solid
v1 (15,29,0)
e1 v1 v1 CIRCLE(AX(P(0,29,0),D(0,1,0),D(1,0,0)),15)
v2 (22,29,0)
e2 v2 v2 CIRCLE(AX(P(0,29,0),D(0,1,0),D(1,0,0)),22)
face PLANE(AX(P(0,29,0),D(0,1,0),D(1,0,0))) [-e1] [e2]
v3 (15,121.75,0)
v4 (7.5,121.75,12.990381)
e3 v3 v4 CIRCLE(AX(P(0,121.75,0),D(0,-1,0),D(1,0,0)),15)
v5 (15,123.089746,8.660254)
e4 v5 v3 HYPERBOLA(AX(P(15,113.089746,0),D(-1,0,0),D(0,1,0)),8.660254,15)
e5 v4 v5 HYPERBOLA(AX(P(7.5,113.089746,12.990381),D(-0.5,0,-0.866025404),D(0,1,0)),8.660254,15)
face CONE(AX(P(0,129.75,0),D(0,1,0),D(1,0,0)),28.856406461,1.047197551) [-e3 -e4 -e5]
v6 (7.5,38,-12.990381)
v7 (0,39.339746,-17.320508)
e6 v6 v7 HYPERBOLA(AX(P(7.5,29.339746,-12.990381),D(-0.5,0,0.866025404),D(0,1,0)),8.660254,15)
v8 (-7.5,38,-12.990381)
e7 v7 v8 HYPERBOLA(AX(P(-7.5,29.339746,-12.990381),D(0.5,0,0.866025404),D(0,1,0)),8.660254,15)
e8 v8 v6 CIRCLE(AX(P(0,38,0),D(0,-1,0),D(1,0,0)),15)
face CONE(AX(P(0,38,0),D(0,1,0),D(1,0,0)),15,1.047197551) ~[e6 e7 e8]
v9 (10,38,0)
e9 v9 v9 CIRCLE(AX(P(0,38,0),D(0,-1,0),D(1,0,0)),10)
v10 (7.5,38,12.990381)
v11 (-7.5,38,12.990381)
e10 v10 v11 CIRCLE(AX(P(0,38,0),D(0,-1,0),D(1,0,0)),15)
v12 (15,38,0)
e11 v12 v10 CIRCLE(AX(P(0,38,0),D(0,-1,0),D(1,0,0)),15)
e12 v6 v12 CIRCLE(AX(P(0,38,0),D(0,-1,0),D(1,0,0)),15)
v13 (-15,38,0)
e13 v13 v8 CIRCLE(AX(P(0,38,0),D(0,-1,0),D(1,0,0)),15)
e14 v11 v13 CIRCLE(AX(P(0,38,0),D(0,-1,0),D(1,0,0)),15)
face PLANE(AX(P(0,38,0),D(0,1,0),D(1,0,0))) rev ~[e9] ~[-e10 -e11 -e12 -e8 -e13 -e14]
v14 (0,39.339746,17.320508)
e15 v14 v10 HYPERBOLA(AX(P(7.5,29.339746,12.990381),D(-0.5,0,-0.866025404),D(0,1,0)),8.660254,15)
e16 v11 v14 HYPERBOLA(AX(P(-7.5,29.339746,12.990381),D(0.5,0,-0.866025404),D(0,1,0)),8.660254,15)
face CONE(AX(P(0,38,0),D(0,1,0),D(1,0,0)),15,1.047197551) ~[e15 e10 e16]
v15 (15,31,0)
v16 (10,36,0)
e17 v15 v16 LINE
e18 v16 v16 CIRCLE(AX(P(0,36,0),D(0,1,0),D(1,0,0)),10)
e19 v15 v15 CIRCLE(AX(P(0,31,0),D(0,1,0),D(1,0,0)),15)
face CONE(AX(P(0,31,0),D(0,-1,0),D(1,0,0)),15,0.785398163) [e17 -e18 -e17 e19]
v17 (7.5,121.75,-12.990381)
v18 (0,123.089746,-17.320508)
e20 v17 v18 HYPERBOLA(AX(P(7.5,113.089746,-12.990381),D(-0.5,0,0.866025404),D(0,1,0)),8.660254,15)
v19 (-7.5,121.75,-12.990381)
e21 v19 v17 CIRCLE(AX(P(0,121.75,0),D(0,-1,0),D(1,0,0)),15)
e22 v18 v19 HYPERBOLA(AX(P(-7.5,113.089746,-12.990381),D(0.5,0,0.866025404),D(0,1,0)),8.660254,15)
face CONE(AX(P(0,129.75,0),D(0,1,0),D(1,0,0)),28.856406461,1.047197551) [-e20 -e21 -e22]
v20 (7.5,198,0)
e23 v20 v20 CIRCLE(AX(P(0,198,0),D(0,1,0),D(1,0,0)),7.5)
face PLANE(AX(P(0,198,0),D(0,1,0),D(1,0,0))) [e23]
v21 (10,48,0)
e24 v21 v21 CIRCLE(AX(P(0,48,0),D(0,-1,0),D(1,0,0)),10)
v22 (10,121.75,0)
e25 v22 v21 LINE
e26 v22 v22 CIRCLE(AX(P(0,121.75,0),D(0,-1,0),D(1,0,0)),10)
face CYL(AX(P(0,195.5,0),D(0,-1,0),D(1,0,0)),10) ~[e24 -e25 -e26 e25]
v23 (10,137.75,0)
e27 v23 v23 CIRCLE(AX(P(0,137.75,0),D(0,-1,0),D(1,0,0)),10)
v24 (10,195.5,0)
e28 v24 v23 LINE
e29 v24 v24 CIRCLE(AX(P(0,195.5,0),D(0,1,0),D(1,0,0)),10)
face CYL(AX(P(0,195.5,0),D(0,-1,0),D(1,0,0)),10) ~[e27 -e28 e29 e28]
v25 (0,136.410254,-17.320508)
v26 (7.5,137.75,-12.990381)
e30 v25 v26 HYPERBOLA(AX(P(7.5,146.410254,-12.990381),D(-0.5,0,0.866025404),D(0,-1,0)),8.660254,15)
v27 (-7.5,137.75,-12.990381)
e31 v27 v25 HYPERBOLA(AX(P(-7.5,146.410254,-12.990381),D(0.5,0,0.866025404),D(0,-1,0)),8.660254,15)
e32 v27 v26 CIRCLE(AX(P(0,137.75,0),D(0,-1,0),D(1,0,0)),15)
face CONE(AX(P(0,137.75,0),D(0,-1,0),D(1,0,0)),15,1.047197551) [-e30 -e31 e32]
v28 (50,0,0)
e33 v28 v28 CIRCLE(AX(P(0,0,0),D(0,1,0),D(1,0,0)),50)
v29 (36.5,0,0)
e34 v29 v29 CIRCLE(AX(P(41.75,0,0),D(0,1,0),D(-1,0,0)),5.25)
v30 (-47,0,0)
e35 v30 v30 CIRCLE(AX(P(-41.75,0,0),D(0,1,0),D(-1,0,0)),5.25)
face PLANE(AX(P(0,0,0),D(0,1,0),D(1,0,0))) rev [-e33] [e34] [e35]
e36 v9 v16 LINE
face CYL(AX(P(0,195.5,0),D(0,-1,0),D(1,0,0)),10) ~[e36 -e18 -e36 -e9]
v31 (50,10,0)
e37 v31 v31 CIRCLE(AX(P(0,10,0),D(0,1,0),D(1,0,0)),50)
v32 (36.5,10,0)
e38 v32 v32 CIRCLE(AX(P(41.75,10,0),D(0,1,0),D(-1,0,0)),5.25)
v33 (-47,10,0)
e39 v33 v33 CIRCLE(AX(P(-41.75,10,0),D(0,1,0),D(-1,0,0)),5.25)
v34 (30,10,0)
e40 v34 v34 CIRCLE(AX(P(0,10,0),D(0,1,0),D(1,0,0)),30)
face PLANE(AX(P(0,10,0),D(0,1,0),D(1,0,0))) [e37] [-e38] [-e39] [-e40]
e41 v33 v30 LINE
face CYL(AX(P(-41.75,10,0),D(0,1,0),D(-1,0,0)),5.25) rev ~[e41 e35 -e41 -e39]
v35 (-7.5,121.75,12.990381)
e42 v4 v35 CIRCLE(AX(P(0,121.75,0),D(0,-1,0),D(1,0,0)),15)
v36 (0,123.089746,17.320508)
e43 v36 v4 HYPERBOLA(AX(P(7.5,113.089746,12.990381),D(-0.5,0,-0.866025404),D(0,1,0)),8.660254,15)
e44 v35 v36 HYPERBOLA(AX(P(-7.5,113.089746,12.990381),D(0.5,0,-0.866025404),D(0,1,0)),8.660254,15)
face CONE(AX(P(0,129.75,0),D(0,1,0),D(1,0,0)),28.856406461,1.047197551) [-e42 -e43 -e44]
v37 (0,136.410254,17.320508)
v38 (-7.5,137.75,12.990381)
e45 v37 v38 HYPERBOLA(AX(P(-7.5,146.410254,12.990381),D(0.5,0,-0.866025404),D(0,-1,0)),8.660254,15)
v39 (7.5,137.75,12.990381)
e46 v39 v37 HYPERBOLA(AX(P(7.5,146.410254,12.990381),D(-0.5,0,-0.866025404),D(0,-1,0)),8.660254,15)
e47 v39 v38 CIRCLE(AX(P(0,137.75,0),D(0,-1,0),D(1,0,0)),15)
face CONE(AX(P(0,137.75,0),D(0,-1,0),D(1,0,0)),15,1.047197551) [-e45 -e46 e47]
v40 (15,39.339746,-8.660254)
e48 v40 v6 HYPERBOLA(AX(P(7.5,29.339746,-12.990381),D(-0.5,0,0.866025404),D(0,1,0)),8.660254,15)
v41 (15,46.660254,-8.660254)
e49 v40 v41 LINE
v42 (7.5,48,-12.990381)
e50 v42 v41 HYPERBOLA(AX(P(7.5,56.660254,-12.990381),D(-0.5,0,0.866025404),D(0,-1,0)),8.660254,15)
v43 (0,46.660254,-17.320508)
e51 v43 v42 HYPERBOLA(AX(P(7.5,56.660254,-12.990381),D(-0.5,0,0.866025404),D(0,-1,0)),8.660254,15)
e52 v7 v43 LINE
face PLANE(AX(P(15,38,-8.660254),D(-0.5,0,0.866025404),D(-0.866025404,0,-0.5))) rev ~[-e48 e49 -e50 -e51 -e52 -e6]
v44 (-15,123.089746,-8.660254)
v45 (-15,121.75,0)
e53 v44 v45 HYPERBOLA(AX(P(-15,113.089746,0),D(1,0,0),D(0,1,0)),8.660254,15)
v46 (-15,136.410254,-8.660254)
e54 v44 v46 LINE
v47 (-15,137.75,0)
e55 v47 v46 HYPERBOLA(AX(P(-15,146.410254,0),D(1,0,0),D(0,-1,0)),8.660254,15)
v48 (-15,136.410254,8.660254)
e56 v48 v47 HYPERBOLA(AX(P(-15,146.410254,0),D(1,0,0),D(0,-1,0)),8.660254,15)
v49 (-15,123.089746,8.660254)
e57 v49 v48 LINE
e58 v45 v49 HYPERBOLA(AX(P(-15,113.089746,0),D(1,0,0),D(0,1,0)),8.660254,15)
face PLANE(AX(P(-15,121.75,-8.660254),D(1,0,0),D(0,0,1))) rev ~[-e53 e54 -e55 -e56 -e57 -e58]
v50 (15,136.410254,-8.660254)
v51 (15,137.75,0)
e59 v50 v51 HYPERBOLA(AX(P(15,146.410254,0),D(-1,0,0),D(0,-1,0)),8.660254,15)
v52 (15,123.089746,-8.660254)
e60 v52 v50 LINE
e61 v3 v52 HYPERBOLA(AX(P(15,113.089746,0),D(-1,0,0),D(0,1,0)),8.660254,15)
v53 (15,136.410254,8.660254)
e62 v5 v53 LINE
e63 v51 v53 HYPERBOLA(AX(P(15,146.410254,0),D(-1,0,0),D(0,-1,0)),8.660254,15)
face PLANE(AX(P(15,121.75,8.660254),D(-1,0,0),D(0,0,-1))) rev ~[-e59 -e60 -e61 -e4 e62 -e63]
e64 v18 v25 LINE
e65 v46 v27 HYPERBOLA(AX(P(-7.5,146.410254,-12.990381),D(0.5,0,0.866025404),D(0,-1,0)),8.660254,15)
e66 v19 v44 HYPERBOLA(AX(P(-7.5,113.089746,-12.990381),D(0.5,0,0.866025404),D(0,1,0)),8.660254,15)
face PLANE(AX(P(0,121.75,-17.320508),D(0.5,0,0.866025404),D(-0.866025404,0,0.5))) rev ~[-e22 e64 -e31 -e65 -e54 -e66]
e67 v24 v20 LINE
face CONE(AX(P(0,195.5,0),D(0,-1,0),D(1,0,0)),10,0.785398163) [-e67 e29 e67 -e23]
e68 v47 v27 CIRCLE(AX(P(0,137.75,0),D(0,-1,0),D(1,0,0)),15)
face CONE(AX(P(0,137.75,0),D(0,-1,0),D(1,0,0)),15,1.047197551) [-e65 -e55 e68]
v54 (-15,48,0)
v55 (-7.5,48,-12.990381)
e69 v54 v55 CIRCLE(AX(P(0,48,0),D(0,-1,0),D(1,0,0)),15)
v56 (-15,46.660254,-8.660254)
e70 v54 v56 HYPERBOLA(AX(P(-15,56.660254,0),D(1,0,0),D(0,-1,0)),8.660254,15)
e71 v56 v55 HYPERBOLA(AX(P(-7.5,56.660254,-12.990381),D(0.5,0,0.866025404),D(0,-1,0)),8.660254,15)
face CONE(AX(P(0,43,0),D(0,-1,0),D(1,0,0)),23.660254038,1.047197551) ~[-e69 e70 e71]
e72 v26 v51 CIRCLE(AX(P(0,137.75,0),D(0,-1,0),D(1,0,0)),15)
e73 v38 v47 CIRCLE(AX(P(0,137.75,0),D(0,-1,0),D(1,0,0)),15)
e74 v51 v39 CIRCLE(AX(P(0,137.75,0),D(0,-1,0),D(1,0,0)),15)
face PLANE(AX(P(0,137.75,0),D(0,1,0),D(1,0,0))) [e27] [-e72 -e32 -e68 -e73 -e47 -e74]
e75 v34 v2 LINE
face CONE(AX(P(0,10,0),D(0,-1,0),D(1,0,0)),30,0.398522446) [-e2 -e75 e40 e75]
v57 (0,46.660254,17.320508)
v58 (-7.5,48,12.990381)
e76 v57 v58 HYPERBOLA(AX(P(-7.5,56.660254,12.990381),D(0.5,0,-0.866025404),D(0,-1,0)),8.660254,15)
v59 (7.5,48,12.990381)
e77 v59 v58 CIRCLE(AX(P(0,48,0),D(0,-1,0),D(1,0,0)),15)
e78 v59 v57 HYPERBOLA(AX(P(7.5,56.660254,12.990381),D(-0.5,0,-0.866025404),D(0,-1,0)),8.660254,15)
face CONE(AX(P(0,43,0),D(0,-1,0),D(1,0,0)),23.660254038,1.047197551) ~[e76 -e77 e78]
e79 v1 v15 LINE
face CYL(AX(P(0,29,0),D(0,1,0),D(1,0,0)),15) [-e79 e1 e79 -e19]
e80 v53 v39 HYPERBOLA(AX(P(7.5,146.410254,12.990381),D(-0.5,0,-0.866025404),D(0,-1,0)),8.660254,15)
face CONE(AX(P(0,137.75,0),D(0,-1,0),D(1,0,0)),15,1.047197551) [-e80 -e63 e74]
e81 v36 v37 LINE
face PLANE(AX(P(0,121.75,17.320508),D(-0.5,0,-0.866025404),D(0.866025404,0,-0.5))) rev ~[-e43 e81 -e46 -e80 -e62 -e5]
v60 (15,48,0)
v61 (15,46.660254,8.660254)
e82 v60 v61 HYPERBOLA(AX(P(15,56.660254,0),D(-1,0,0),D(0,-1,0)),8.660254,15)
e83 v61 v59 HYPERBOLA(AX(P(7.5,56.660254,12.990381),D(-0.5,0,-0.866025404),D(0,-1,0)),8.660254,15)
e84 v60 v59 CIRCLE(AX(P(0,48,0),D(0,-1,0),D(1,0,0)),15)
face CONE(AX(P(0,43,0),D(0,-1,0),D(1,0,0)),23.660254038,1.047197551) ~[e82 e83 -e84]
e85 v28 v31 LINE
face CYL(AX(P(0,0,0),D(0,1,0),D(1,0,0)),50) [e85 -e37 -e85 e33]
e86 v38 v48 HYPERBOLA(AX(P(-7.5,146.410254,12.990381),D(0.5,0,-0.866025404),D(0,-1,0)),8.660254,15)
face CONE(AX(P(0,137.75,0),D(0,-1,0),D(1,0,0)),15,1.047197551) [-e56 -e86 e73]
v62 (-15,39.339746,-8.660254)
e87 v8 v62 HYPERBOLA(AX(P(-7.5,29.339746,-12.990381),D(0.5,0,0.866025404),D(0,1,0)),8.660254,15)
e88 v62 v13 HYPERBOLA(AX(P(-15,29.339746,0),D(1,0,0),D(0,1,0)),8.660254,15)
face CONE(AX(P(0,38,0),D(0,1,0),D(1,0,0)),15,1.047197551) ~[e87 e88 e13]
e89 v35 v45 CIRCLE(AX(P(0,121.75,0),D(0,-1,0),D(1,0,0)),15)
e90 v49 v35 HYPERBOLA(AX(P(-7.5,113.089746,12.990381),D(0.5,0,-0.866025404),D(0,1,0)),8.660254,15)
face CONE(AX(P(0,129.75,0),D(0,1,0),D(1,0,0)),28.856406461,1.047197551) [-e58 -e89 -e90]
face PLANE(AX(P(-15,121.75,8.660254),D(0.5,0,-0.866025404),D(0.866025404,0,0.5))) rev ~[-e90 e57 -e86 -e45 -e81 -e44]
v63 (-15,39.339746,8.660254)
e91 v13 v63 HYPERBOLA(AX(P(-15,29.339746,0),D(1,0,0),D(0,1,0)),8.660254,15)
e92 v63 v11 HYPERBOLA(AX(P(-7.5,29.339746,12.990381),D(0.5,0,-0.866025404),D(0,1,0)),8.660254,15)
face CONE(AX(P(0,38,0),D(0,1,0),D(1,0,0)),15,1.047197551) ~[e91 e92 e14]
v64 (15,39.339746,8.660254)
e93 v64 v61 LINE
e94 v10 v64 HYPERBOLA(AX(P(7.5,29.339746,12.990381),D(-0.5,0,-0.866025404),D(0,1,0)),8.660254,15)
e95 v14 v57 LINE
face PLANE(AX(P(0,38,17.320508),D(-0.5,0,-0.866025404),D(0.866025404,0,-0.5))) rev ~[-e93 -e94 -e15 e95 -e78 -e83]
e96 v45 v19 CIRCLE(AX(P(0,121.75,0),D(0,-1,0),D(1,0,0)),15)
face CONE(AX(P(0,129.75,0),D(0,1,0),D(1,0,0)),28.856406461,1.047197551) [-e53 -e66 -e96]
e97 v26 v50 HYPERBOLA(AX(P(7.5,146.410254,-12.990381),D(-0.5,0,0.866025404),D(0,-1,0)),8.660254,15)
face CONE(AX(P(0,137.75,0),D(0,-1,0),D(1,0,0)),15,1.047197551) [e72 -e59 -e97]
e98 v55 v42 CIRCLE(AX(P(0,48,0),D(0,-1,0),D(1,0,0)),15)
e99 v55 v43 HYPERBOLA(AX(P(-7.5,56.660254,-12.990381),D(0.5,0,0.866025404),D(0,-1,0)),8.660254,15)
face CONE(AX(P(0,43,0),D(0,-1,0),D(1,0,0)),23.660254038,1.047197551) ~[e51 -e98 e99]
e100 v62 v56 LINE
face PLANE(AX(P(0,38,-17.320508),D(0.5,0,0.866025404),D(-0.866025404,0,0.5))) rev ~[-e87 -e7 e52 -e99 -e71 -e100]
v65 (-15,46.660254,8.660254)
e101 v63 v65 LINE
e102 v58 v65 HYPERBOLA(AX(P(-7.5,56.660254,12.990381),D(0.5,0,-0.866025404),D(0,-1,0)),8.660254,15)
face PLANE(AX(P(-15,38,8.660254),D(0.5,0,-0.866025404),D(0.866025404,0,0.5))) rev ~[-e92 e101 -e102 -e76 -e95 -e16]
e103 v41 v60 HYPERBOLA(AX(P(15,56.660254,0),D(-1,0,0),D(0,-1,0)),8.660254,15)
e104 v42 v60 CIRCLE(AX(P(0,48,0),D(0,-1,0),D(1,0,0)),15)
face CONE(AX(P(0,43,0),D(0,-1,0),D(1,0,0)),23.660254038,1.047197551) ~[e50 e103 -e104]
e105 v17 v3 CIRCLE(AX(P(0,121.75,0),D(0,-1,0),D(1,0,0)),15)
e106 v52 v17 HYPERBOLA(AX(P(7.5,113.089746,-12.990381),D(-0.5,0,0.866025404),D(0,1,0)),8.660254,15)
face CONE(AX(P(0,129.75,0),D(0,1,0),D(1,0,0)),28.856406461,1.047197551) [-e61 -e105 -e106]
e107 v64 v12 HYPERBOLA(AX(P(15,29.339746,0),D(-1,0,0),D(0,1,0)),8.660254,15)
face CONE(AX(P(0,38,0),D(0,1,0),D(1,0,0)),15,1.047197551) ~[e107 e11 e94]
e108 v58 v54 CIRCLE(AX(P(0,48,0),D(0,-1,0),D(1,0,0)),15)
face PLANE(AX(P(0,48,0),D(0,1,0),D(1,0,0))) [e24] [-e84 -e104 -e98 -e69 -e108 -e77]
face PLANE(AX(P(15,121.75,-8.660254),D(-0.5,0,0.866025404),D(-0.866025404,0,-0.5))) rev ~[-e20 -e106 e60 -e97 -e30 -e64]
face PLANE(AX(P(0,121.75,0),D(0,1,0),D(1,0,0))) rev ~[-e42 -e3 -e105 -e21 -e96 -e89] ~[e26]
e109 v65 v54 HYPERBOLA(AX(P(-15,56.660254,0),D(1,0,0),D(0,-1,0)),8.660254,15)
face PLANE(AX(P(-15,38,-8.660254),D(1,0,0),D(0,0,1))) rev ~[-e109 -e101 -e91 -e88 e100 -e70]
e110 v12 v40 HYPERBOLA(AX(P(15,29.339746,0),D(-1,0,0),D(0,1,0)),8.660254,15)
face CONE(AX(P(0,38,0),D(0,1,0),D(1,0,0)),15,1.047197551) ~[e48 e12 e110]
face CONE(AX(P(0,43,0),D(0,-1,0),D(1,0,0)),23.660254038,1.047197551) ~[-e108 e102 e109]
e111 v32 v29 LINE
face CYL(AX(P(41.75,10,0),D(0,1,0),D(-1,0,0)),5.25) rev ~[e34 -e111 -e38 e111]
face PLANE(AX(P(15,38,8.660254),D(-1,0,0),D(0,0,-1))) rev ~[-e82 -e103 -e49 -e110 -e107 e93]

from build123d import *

# Parameters (mm, degrees)
EXTRUDE_1_DEPTH     = 10
EXTRUDE_2_DEPTH     = 16
SKETCH_5_R          = 5.25
CUT_EXTRUDE_1_DEPTH = 11


with BuildPart() as part:
    # Эскиз1 → Повернуть1 (revolve)
    with BuildSketch(Plane.XY, mode=Mode.PRIVATE) as revolve_1_sk:
        Polygon((0, 0), (-50, 0), (-50, 10), (-30, 10), (-22, 29), (-15, 29), (-15, 31), (-10, 36), (-10, 38), (-10, 48), (-10, 195.5), (-7.5, 198), (0, 198), align=None)
    revolve(revolve_1_sk.sketch.rotate(Axis((0, 0, 0), (0, 1, 0)), 180), axis=Axis((0, 0, 0), (0, 1, 0)))  # turned: the seam where the file's is

    # Эскиз2 → Бобышка-Вытянуть1 (add)
    with BuildSketch(Plane(origin=(0, 38, 0), x_dir=(1, 0, 0), z_dir=(0, 1, 0))):
        Polygon((0, 17.320508076), (-15, 8.660254038), (-15, -8.660254038), (0, -17.320508076), (15, -8.660254038), (15, 8.660254038), align=None)
    extrude(amount=EXTRUDE_1_DEPTH)

    # Эскиз3 → Бобышка-Вытянуть2 (add)
    with BuildSketch(Plane(origin=(0, 121.75, 0), x_dir=(1, 0, 0), z_dir=(0, 1, 0))):
        Polygon((15, 8.660254038), (0, 17.320508076), (-15, 8.660254038), (-15, -8.660254038), (0, -17.320508076), (15, -8.660254038), align=None)
    extrude(amount=EXTRUDE_2_DEPTH)

    # Эскиз4 → Вырез-Повернуть2 (revolve, cut)
    with BuildSketch(Plane.XY, mode=Mode.PRIVATE) as cut_revolve_2_sk:
        Polygon((-28.856406461, 137.75), (-15, 137.75), (-28.856406461, 129.75), align=None)
        Polygon((-28.856406461, 121.75), (-28.856406461, 129.75), (-15, 121.75), align=None)
        Polygon((-23.660254038, 48), (-23.660254038, 43), (-15, 48), align=None)
        Polygon((-23.660254038, 43), (-23.660254038, 38), (-15, 38), align=None)
    revolve(cut_revolve_2_sk.sketch.rotate(Axis((0, 198, 0), (0, -1, 0)), 180), axis=Axis((0, 198, 0), (0, -1, 0)), mode=Mode.SUBTRACT)  # turned: the seam where the file's is

    # Эскиз5 → Вырез-Вытянуть1 (cut, through all)
    with BuildSketch(Plane(origin=(0, 10, 0), x_dir=(1, 0, 0), z_dir=(0, 1, 0))):
        with Locations(Location((-41.75, 0, 0), (0, 0, 180))):  # turned: the seam where the file's is
            Circle(SKETCH_5_R)
        with Locations(Location((41.75, 0, 0), (0, 0, 180))):  # turned: the seam where the file's is
            Circle(SKETCH_5_R)
    extrude(amount=-CUT_EXTRUDE_1_DEPTH, mode=Mode.SUBTRACT)


solid = part.part
